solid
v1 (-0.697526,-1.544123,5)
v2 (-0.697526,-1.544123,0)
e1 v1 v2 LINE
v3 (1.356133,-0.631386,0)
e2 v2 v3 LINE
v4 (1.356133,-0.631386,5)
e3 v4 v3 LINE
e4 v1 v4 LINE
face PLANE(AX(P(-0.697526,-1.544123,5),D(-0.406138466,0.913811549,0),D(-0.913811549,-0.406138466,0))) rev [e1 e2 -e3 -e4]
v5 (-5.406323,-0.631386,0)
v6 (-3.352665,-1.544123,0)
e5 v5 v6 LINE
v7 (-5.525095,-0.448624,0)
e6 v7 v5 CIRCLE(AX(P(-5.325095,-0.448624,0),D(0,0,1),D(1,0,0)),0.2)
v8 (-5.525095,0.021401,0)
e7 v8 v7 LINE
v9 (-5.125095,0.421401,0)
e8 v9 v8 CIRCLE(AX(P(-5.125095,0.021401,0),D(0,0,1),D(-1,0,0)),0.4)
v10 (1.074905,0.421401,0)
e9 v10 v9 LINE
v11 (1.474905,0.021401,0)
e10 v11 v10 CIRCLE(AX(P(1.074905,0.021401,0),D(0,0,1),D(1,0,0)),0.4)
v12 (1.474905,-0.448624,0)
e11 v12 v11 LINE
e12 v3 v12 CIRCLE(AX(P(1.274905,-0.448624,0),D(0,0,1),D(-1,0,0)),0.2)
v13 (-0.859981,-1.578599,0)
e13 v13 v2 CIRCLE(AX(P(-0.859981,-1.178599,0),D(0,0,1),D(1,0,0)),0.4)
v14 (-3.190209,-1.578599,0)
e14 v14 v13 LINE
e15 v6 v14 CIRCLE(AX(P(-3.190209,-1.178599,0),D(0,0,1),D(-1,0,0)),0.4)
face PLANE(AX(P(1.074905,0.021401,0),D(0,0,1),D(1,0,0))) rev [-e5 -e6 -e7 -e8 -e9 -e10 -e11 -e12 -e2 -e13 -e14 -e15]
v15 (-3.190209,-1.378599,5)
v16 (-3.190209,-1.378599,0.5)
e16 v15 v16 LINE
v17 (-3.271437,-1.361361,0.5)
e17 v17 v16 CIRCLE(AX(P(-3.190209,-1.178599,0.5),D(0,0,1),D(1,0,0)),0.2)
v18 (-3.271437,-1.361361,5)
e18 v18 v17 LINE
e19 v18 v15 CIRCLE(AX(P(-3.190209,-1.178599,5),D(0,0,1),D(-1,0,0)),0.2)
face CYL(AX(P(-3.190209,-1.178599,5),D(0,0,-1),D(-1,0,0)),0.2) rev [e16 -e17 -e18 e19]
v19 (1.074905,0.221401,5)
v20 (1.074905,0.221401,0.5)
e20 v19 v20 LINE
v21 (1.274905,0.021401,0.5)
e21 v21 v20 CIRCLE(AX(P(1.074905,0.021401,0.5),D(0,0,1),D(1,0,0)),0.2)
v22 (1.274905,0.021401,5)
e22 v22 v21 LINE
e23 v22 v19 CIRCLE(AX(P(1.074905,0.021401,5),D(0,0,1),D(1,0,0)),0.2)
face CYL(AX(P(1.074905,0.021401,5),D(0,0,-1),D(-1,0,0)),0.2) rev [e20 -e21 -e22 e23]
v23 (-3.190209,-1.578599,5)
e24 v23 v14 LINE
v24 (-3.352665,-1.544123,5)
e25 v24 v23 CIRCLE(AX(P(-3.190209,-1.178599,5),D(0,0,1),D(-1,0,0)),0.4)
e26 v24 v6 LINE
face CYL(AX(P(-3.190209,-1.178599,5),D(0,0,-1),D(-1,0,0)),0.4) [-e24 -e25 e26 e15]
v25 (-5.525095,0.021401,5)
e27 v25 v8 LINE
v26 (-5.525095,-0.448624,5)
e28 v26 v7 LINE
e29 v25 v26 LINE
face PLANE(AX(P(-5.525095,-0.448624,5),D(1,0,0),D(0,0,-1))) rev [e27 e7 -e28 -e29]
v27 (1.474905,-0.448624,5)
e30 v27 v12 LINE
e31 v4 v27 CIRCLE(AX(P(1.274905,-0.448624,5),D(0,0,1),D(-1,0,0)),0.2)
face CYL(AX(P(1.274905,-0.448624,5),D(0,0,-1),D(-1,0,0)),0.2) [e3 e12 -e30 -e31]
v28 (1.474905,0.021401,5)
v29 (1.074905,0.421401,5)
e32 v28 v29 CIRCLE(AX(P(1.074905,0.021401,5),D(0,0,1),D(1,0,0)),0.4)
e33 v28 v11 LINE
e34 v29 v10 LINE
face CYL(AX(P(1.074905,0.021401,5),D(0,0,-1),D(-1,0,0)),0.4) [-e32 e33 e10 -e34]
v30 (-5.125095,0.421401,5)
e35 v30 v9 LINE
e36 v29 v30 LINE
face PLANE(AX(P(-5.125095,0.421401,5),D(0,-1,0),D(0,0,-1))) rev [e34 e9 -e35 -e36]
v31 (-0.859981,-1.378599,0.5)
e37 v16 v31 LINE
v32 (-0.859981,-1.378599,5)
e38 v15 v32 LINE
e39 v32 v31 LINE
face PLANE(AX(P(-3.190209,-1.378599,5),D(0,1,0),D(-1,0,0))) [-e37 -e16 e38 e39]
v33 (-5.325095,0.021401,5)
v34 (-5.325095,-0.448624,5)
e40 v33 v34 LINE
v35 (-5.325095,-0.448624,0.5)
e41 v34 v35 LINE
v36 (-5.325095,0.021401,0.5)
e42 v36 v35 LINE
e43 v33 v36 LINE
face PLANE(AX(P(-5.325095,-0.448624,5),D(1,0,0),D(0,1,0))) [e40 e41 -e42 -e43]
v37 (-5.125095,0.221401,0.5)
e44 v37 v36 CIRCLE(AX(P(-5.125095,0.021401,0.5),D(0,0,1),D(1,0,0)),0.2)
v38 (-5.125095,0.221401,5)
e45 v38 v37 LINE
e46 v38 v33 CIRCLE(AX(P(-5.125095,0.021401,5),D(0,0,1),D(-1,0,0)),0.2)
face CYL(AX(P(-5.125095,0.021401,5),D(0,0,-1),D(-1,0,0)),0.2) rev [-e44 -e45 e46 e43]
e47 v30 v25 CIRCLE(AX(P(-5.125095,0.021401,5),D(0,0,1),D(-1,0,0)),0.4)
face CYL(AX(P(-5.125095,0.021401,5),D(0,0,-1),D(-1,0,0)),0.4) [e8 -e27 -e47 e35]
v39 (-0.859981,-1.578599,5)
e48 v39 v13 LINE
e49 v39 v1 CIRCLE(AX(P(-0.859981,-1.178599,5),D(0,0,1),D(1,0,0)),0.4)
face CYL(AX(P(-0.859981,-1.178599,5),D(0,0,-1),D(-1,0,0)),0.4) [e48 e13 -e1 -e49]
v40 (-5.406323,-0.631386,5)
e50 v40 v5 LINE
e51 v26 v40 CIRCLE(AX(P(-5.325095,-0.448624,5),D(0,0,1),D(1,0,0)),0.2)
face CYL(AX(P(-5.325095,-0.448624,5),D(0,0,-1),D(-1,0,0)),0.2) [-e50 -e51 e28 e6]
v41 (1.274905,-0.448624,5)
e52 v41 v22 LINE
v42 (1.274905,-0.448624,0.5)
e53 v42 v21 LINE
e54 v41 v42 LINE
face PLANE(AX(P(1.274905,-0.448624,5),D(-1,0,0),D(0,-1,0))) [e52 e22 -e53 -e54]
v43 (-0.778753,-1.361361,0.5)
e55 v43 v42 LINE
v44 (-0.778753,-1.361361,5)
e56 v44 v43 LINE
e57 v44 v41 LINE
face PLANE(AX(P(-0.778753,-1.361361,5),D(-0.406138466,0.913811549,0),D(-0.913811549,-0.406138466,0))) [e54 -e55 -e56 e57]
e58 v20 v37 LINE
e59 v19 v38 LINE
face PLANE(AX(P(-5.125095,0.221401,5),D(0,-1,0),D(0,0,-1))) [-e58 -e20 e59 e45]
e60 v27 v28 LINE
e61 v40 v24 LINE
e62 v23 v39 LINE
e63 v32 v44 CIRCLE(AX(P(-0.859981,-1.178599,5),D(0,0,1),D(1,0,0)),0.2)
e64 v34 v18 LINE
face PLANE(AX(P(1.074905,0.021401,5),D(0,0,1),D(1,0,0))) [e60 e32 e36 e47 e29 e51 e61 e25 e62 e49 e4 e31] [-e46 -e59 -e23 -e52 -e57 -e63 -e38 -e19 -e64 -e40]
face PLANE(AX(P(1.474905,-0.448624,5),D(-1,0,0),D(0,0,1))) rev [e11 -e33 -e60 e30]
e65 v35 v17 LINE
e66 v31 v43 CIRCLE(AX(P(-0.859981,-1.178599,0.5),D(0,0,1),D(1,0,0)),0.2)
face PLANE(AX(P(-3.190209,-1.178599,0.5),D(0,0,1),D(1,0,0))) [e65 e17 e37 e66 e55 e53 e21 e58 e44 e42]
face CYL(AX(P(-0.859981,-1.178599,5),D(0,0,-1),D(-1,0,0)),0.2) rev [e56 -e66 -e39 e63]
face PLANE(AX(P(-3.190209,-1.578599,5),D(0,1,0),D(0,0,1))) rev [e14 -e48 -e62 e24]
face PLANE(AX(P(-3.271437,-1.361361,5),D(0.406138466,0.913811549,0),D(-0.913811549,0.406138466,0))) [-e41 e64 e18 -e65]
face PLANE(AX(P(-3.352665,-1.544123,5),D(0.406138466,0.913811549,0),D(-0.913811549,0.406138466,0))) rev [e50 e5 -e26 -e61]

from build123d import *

# Parameters (mm, degrees)
BOSS_EXTRUDE2_DEPTH = 5
BOSS_EXTRUDE3_DEPTH = 0.5


with BuildPart() as part:
    # Sketch1 → Boss-Extrude2 (new body)
    with BuildSketch(Plane.XY):
        with BuildLine():
            Line((-5.525095111, -0.448623985), (-5.525095111, 0.021401397))
            ThreePointArc((-5.525095111, 0.021401397), (-5.407937823, 0.304244109), (-5.125095111, 0.421401397))
            Line((-5.125095111, 0.421401397), (1.074904889, 0.421401397))
            ThreePointArc((1.074904889, 0.421401397), (1.357747601, 0.304244109), (1.474904889, 0.021401397))
            Line((1.474904889, 0.021401397), (1.474904889, -0.448623985))
            ThreePointArc((1.474904889, -0.448623985), (1.442603337, -0.557606693), (1.356132582, -0.631386295))
            Line((1.356132582, -0.631386295), (-0.697525505, -1.544123223))
            ThreePointArc((-0.697525505, -1.544123223), (-0.776944296, -1.569884846), (-0.859980891, -1.578598603))
            Line((-0.859980891, -1.578598603), (-3.190209331, -1.578598603))
            ThreePointArc((-3.190209331, -1.578598603), (-3.273245926, -1.569884846), (-3.352664717, -1.544123223))
            Line((-3.352664717, -1.544123223), (-5.406322804, -0.631386295))
            ThreePointArc((-5.406322804, -0.631386295), (-5.492793559, -0.557606693), (-5.525095111, -0.448623985))
        make_face()
        with BuildLine():
            Line((-0.778753198, -1.361360913), (1.274904889, -0.448623985))
            Line((1.274904889, -0.448623985), (1.274904889, 0.021401397))
            ThreePointArc((1.274904889, 0.021401397), (1.216326245, 0.162822753), (1.074904889, 0.221401397))
            Line((1.074904889, 0.221401397), (-5.125095111, 0.221401397))
            ThreePointArc((-5.125095111, 0.221401397), (-5.266516467, 0.162822753), (-5.325095111, 0.021401397))
            Line((-5.325095111, 0.021401397), (-5.325095111, -0.448623985))
            Line((-5.325095111, -0.448623985), (-3.271437024, -1.361360913))
            ThreePointArc((-3.271437024, -1.361360913), (-3.231727628, -1.374241725), (-3.190209331, -1.378598603))
            Line((-3.190209331, -1.378598603), (-0.859980891, -1.378598603))
            ThreePointArc((-0.859980891, -1.378598603), (-0.818462594, -1.374241725), (-0.778753198, -1.361360913))
        make_face(mode=Mode.SUBTRACT)
    extrude(amount=BOSS_EXTRUDE2_DEPTH)

    # Sketch2 → Boss-Extrude3 (add)
    with BuildSketch(Plane.XY):
        with BuildLine():
            Line((-3.190209331, -1.378598603), (-0.859980891, -1.378598603))
            ThreePointArc((-0.859980891, -1.378598603), (-0.818462594, -1.374241725), (-0.778753198, -1.361360913))
            Line((-0.778753198, -1.361360913), (1.274904889, -0.448623985))
            Line((1.274904889, -0.448623985), (1.274904889, 0.304244109))
            Line((1.274904889, 0.304244109), (-5.407937823, 0.304244109))
            Line((-5.407937823, 0.304244109), (-5.407937823, -0.448623985))
            Line((-5.407937823, -0.448623985), (-5.325095111, -0.448623985))
            Line((-5.325095111, -0.448623985), (-3.271437024, -1.361360913))
            ThreePointArc((-3.271437024, -1.361360913), (-3.231727628, -1.374241725), (-3.190209331, -1.378598603))
        make_face()
    extrude(amount=BOSS_EXTRUDE3_DEPTH)


solid = part.part
